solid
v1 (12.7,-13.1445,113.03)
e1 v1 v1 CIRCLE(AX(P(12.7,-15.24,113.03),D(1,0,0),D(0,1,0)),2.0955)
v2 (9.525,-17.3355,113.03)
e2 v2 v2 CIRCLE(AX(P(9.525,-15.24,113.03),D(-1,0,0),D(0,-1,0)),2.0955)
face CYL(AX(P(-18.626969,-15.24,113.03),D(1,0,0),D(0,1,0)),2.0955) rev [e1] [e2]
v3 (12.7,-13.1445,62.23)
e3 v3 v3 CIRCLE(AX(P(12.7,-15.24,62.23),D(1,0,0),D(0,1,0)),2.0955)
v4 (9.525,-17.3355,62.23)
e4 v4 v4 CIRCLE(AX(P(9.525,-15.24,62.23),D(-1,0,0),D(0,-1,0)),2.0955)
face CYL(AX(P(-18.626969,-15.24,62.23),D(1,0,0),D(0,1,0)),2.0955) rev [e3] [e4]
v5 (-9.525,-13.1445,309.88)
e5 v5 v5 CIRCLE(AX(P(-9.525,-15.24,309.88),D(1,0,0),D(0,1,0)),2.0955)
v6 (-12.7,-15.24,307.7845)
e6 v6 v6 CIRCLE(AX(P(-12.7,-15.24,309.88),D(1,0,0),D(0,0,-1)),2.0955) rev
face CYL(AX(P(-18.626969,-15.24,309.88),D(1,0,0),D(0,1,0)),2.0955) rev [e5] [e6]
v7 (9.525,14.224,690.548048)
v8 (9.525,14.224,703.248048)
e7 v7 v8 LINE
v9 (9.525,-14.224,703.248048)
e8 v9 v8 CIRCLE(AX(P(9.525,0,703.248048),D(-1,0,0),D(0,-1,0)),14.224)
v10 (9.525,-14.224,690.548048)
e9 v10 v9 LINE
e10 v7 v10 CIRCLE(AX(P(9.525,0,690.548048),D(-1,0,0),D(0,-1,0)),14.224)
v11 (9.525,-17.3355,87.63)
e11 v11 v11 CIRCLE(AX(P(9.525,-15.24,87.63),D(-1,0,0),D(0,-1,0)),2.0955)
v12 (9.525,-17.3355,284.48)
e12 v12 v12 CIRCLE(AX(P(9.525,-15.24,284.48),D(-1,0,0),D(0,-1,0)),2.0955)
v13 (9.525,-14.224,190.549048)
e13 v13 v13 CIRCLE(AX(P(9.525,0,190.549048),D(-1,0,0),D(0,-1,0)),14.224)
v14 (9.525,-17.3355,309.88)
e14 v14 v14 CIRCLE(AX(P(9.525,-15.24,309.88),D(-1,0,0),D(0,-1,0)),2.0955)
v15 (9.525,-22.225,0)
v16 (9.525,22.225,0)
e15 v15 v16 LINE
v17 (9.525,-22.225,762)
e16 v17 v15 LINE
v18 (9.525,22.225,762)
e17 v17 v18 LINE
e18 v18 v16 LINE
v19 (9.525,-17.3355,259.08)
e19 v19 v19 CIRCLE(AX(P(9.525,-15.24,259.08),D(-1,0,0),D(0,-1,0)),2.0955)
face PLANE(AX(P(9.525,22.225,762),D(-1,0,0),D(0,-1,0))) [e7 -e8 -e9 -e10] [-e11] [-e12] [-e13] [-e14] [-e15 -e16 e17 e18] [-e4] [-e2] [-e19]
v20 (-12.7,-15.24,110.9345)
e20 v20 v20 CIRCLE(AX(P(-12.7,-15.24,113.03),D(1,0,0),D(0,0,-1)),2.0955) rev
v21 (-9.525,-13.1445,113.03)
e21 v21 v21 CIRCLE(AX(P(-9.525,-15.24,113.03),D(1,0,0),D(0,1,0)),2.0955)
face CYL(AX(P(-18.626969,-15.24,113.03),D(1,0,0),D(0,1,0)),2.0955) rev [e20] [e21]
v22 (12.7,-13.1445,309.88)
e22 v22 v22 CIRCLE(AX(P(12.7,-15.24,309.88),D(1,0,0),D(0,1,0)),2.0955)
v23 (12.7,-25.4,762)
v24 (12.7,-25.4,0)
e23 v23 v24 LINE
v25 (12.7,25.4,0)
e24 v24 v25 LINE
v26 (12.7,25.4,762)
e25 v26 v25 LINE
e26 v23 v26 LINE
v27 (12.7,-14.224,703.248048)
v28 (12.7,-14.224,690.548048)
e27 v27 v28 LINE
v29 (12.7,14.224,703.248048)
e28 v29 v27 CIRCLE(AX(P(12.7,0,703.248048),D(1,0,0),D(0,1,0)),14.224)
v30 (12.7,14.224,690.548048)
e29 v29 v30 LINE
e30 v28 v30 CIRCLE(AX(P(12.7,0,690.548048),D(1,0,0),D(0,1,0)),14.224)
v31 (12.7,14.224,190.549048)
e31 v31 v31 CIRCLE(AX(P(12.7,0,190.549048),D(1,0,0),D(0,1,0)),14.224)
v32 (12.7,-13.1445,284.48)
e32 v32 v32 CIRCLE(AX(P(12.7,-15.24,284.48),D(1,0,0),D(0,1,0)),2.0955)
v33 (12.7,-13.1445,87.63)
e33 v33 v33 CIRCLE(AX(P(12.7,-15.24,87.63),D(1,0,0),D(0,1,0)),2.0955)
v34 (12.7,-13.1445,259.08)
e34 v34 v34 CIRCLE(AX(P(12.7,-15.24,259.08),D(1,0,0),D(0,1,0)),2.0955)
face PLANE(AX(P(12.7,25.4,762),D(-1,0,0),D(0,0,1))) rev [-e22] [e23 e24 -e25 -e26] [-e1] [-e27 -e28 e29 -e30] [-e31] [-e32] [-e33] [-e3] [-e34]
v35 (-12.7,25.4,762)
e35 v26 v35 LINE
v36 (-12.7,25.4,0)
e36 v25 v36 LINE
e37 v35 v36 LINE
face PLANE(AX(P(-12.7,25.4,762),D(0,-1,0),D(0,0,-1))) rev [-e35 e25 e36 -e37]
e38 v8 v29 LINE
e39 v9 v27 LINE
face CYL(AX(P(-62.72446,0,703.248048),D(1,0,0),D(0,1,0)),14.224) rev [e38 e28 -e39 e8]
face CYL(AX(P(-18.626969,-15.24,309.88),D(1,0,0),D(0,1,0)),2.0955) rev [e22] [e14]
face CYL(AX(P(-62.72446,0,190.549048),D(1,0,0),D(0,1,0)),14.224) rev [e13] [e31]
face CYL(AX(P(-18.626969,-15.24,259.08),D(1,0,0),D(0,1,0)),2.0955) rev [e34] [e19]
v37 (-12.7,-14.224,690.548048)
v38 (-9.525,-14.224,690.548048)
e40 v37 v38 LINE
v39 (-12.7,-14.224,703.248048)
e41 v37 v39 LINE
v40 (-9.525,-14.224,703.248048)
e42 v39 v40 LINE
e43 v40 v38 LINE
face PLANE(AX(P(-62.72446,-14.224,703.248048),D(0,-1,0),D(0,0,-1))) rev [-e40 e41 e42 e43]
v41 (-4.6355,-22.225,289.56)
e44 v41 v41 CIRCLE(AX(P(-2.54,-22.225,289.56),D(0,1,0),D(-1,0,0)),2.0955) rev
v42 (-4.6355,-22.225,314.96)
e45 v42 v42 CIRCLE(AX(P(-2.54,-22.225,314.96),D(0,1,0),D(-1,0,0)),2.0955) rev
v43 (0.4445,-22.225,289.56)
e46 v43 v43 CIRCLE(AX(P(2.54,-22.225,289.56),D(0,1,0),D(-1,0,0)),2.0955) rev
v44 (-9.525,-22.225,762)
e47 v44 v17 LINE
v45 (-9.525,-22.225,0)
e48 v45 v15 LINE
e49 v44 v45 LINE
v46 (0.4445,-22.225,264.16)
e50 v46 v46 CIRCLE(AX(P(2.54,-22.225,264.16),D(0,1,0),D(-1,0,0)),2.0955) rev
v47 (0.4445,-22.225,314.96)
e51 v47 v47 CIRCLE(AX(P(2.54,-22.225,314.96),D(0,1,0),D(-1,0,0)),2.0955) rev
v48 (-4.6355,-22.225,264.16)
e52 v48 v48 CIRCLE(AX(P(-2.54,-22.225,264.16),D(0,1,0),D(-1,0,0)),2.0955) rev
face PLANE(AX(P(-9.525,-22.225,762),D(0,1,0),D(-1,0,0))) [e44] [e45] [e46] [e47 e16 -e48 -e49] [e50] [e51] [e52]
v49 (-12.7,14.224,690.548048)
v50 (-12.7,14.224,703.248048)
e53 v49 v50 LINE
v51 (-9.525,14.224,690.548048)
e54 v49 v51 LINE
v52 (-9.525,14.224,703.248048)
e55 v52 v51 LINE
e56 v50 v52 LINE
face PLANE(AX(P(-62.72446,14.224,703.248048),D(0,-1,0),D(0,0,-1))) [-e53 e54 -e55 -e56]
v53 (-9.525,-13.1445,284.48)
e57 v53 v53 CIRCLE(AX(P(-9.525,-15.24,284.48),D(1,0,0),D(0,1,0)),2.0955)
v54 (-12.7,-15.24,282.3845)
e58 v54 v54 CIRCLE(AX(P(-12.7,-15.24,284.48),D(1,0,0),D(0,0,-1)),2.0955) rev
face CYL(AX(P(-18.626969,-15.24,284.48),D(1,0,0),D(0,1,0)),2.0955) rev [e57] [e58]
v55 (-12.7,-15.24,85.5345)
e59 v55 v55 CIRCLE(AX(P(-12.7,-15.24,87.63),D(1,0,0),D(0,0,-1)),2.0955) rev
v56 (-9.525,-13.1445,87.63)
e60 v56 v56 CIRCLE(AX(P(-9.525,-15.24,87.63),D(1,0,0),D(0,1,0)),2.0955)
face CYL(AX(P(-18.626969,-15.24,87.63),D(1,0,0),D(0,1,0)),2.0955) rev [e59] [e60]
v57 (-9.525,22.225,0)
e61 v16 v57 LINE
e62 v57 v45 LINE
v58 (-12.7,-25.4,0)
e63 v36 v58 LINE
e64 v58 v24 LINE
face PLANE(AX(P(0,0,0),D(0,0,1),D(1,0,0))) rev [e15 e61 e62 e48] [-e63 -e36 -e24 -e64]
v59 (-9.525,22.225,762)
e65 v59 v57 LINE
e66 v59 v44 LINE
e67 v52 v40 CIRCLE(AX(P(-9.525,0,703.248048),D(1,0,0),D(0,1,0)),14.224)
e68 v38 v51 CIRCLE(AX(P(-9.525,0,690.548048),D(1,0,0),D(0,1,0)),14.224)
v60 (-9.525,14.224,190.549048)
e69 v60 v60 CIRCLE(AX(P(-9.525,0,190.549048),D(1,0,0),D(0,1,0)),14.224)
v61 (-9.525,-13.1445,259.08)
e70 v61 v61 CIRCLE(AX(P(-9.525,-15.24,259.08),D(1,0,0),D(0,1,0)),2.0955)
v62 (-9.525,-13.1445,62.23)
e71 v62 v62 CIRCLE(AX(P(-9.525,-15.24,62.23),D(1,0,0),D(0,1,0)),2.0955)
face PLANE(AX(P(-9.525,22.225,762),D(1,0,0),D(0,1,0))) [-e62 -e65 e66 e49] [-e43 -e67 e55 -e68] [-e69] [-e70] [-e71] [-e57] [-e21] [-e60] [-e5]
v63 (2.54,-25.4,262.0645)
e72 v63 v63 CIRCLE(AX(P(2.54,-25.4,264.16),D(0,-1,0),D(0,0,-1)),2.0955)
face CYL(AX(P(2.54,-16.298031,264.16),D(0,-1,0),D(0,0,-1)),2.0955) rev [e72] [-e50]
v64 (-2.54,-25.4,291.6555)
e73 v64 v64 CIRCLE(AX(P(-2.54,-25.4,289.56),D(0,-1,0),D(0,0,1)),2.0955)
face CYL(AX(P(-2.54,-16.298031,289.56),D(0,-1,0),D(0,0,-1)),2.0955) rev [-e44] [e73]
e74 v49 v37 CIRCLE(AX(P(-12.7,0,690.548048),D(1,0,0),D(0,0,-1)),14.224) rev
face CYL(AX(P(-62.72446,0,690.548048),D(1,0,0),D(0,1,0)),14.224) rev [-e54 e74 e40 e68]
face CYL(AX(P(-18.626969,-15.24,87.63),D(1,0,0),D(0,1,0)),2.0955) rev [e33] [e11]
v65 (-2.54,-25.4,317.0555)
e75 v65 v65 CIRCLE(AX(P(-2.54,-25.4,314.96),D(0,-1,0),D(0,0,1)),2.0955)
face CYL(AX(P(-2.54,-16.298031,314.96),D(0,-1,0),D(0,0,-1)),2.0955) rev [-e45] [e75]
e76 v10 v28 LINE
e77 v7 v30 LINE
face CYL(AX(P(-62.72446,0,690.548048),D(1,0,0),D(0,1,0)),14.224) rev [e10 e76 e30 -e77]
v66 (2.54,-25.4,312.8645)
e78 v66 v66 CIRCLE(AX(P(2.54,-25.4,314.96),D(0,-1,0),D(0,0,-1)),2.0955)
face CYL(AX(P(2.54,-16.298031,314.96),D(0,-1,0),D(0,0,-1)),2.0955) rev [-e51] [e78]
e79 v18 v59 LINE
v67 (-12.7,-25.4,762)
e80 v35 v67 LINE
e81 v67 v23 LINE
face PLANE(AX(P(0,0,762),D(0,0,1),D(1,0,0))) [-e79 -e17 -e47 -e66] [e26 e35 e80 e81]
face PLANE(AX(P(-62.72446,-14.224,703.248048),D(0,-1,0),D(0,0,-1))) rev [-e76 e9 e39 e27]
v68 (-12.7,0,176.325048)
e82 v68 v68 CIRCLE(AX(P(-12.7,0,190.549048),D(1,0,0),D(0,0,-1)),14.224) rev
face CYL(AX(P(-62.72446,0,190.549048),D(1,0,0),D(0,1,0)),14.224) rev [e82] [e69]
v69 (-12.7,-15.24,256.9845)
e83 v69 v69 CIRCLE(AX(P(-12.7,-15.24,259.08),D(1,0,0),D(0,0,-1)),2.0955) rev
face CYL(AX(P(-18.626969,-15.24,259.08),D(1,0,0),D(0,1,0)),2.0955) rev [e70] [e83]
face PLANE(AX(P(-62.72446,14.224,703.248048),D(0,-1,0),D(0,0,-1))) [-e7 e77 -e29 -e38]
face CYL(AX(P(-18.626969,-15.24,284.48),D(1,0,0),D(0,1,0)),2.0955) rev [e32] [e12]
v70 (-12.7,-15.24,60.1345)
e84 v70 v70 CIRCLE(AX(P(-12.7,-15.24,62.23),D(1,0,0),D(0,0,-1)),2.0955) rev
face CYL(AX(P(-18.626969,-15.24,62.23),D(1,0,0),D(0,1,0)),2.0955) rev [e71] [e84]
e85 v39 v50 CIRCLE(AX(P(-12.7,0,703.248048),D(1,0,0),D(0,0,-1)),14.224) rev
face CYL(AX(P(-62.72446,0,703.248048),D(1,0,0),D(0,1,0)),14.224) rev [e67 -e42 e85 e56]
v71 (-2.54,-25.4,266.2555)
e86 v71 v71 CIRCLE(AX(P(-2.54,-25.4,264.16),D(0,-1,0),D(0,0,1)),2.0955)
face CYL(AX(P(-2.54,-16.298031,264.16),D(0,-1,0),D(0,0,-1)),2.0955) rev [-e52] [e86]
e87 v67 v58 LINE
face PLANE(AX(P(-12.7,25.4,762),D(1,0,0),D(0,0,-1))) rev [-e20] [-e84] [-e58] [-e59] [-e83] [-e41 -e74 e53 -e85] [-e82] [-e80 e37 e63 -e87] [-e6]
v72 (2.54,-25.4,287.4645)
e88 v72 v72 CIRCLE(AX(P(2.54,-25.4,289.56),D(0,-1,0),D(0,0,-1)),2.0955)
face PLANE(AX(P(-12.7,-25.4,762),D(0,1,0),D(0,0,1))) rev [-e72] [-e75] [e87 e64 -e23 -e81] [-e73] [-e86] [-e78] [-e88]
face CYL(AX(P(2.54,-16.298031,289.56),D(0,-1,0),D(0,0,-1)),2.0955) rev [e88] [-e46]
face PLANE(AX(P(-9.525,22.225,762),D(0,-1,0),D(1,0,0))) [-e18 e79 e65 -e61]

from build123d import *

# Parameters (mm, degrees)
SKETCH1_W           = 25.4
SKETCH1_H           = 50.8
SKETCH1_W_2         = 19.05
SKETCH1_H_2         = 44.45
BOSS_EXTRUDE1_DEPTH = 762
CUT_EXTRUDE1_REACH  = 764.846
SKETCH4_R           = 14.224
SKETCH5_R           = 2.0955
CUT_EXTRUDE2_DEPTH  = 3.175
CUT_EXTRUDE3_REACH  = 764.846
SKETCH7_R           = 2.0955


with BuildPart() as part:
    # Sketch1 → Boss-Extrude1 (new body)
    with BuildSketch(Plane.XY):
        Rectangle(SKETCH1_W, SKETCH1_H)
        Rectangle(SKETCH1_W_2, SKETCH1_H_2, mode=Mode.SUBTRACT)
    extrude(amount=BOSS_EXTRUDE1_DEPTH)

    # Cut-Extrude1: up to this face of the body (flat: up to its plane)
    cut_extrude1_end = Plane(part.part.faces().sort_by_distance((-12.7, 0, 381))[0])
    # Sketch4 → Cut-Extrude1 (cut, up to the picked face)
    with BuildSketch(Plane(origin=(12.7, 0, 0), x_dir=(0, 0, -1), z_dir=(1, 0, 0)), mode=Mode.PRIVATE) as cut_extrude1_sk1:
        with Locations(Location((-190.549048411, 0, 0), (0, 0, 90))):
            Circle(SKETCH4_R)
    cut_extrude1_tool1 = split(extrude(cut_extrude1_sk1.sketch, amount=-CUT_EXTRUDE1_REACH, mode=Mode.PRIVATE), bisect_by=cut_extrude1_end, keep=Keep.BOTH, mode=Mode.PRIVATE)
    # Sketch4 → Cut-Extrude1 (cut, up to the picked face)
    with BuildSketch(Plane(origin=(12.7, 0, 0), x_dir=(0, 0, -1), z_dir=(1, 0, 0)), mode=Mode.PRIVATE) as cut_extrude1_sk2:
        with BuildLine():
            Line((-703.248048411, 14.224), (-690.548048411, 14.224))
            ThreePointArc((-690.548048411, 14.224), (-676.324048411, 0), (-690.548048411, -14.224))
            Line((-690.548048411, -14.224), (-703.248048411, -14.224))
            ThreePointArc((-703.248048411, -14.224), (-717.472048411, 0), (-703.248048411, 14.224))
        make_face()
    cut_extrude1_tool2 = split(extrude(cut_extrude1_sk2.sketch, amount=-CUT_EXTRUDE1_REACH, mode=Mode.PRIVATE), bisect_by=cut_extrude1_end, keep=Keep.BOTH, mode=Mode.PRIVATE)
    add(cut_extrude1_tool1.solids().sort_by(Axis((12.7, 0, 190.549048), (-1, 0, 0)))[0], mode=Mode.SUBTRACT)
    add(cut_extrude1_tool2.solids().sort_by(Axis((12.7, 0, 696.898048), (-1, 0, 0)))[0], mode=Mode.SUBTRACT)

    # Sketch5 → Cut-Extrude2 (cut)
    with BuildSketch(Plane.XZ.offset(25.4)):
        with Locations(Location((2.54, 264.16, 0), (0, 0, 270))):
            Circle(SKETCH5_R)
        with Locations(Location((2.54, 289.56, 0), (0, 0, 270))):
            Circle(SKETCH5_R)
        with Locations(Location((2.54, 314.96, 0), (0, 0, 270))):
            Circle(SKETCH5_R)
        with Locations(Location((-2.54, 264.16, 0), (0, 0, 180))):
            Circle(SKETCH5_R)
        with Locations(Location((-2.54, 289.56, 0), (0, 0, 180))):
            Circle(SKETCH5_R)
        with Locations(Location((-2.54, 314.96, 0), (0, 0, 180))):
            Circle(SKETCH5_R)
    extrude(amount=-CUT_EXTRUDE2_DEPTH, mode=Mode.SUBTRACT)

    # Cut-Extrude3: up to this face of the body (flat: up to its plane)
    cut_extrude3_end = Plane(part.part.faces().sort_by_distance((-12.7, 0, 375.771255471))[0])
    # Sketch7 → Cut-Extrude3 (cut, up to the picked face)
    with BuildSketch(Plane(origin=(12.7, 0, 0), x_dir=(0, 0, -1), z_dir=(1, 0, 0)), mode=Mode.PRIVATE) as cut_extrude3_sk1:
        with Locations(Location((-259.08, -15.24, 0), (0, 0, 90))):
            Circle(SKETCH7_R)
    cut_extrude3_tool1 = split(extrude(cut_extrude3_sk1.sketch, amount=-CUT_EXTRUDE3_REACH, mode=Mode.PRIVATE), bisect_by=cut_extrude3_end, keep=Keep.BOTH, mode=Mode.PRIVATE)
    # Sketch7 → Cut-Extrude3 (cut, up to the picked face)
    with BuildSketch(Plane(origin=(12.7, 0, 0), x_dir=(0, 0, -1), z_dir=(1, 0, 0)), mode=Mode.PRIVATE) as cut_extrude3_sk2:
        with Locations(Location((-284.48, -15.24, 0), (0, 0, 90))):
            Circle(SKETCH7_R)
    cut_extrude3_tool2 = split(extrude(cut_extrude3_sk2.sketch, amount=-CUT_EXTRUDE3_REACH, mode=Mode.PRIVATE), bisect_by=cut_extrude3_end, keep=Keep.BOTH, mode=Mode.PRIVATE)
    # Sketch7 → Cut-Extrude3 (cut, up to the picked face)
    with BuildSketch(Plane(origin=(12.7, 0, 0), x_dir=(0, 0, -1), z_dir=(1, 0, 0)), mode=Mode.PRIVATE) as cut_extrude3_sk3:
        with Locations(Location((-309.88, -15.24, 0), (0, 0, 90))):
            Circle(SKETCH7_R)
    cut_extrude3_tool3 = split(extrude(cut_extrude3_sk3.sketch, amount=-CUT_EXTRUDE3_REACH, mode=Mode.PRIVATE), bisect_by=cut_extrude3_end, keep=Keep.BOTH, mode=Mode.PRIVATE)
    # Sketch7 → Cut-Extrude3 (cut, up to the picked face)
    with BuildSketch(Plane(origin=(12.7, 0, 0), x_dir=(0, 0, -1), z_dir=(1, 0, 0)), mode=Mode.PRIVATE) as cut_extrude3_sk4:
        with Locations(Location((-87.63, -15.24, 0), (0, 0, 90))):
            Circle(SKETCH7_R)
    cut_extrude3_tool4 = split(extrude(cut_extrude3_sk4.sketch, amount=-CUT_EXTRUDE3_REACH, mode=Mode.PRIVATE), bisect_by=cut_extrude3_end, keep=Keep.BOTH, mode=Mode.PRIVATE)
    # Sketch7 → Cut-Extrude3 (cut, up to the picked face)
    with BuildSketch(Plane(origin=(12.7, 0, 0), x_dir=(0, 0, -1), z_dir=(1, 0, 0)), mode=Mode.PRIVATE) as cut_extrude3_sk5:
        with Locations(Location((-62.23, -15.24, 0), (0, 0, 90))):
            Circle(SKETCH7_R)
    cut_extrude3_tool5 = split(extrude(cut_extrude3_sk5.sketch, amount=-CUT_EXTRUDE3_REACH, mode=Mode.PRIVATE), bisect_by=cut_extrude3_end, keep=Keep.BOTH, mode=Mode.PRIVATE)
    # Sketch7 → Cut-Extrude3 (cut, up to the picked face)
    with BuildSketch(Plane(origin=(12.7, 0, 0), x_dir=(0, 0, -1), z_dir=(1, 0, 0)), mode=Mode.PRIVATE) as cut_extrude3_sk6:
        with Locations(Location((-113.03, -15.24, 0), (0, 0, 90))):
            Circle(SKETCH7_R)
    cut_extrude3_tool6 = split(extrude(cut_extrude3_sk6.sketch, amount=-CUT_EXTRUDE3_REACH, mode=Mode.PRIVATE), bisect_by=cut_extrude3_end, keep=Keep.BOTH, mode=Mode.PRIVATE)
    add(cut_extrude3_tool1.solids().sort_by(Axis((12.7, -15.24, 259.08), (-1, 0, 0)))[0], mode=Mode.SUBTRACT)
    add(cut_extrude3_tool2.solids().sort_by(Axis((12.7, -15.24, 284.48), (-1, 0, 0)))[0], mode=Mode.SUBTRACT)
    add(cut_extrude3_tool3.solids().sort_by(Axis((12.7, -15.24, 309.88), (-1, 0, 0)))[0], mode=Mode.SUBTRACT)
    add(cut_extrude3_tool4.solids().sort_by(Axis((12.7, -15.24, 87.63), (-1, 0, 0)))[0], mode=Mode.SUBTRACT)
    add(cut_extrude3_tool5.solids().sort_by(Axis((12.7, -15.24, 62.23), (-1, 0, 0)))[0], mode=Mode.SUBTRACT)
    add(cut_extrude3_tool6.solids().sort_by(Axis((12.7, -15.24, 113.03), (-1, 0, 0)))[0], mode=Mode.SUBTRACT)


solid = part.part
